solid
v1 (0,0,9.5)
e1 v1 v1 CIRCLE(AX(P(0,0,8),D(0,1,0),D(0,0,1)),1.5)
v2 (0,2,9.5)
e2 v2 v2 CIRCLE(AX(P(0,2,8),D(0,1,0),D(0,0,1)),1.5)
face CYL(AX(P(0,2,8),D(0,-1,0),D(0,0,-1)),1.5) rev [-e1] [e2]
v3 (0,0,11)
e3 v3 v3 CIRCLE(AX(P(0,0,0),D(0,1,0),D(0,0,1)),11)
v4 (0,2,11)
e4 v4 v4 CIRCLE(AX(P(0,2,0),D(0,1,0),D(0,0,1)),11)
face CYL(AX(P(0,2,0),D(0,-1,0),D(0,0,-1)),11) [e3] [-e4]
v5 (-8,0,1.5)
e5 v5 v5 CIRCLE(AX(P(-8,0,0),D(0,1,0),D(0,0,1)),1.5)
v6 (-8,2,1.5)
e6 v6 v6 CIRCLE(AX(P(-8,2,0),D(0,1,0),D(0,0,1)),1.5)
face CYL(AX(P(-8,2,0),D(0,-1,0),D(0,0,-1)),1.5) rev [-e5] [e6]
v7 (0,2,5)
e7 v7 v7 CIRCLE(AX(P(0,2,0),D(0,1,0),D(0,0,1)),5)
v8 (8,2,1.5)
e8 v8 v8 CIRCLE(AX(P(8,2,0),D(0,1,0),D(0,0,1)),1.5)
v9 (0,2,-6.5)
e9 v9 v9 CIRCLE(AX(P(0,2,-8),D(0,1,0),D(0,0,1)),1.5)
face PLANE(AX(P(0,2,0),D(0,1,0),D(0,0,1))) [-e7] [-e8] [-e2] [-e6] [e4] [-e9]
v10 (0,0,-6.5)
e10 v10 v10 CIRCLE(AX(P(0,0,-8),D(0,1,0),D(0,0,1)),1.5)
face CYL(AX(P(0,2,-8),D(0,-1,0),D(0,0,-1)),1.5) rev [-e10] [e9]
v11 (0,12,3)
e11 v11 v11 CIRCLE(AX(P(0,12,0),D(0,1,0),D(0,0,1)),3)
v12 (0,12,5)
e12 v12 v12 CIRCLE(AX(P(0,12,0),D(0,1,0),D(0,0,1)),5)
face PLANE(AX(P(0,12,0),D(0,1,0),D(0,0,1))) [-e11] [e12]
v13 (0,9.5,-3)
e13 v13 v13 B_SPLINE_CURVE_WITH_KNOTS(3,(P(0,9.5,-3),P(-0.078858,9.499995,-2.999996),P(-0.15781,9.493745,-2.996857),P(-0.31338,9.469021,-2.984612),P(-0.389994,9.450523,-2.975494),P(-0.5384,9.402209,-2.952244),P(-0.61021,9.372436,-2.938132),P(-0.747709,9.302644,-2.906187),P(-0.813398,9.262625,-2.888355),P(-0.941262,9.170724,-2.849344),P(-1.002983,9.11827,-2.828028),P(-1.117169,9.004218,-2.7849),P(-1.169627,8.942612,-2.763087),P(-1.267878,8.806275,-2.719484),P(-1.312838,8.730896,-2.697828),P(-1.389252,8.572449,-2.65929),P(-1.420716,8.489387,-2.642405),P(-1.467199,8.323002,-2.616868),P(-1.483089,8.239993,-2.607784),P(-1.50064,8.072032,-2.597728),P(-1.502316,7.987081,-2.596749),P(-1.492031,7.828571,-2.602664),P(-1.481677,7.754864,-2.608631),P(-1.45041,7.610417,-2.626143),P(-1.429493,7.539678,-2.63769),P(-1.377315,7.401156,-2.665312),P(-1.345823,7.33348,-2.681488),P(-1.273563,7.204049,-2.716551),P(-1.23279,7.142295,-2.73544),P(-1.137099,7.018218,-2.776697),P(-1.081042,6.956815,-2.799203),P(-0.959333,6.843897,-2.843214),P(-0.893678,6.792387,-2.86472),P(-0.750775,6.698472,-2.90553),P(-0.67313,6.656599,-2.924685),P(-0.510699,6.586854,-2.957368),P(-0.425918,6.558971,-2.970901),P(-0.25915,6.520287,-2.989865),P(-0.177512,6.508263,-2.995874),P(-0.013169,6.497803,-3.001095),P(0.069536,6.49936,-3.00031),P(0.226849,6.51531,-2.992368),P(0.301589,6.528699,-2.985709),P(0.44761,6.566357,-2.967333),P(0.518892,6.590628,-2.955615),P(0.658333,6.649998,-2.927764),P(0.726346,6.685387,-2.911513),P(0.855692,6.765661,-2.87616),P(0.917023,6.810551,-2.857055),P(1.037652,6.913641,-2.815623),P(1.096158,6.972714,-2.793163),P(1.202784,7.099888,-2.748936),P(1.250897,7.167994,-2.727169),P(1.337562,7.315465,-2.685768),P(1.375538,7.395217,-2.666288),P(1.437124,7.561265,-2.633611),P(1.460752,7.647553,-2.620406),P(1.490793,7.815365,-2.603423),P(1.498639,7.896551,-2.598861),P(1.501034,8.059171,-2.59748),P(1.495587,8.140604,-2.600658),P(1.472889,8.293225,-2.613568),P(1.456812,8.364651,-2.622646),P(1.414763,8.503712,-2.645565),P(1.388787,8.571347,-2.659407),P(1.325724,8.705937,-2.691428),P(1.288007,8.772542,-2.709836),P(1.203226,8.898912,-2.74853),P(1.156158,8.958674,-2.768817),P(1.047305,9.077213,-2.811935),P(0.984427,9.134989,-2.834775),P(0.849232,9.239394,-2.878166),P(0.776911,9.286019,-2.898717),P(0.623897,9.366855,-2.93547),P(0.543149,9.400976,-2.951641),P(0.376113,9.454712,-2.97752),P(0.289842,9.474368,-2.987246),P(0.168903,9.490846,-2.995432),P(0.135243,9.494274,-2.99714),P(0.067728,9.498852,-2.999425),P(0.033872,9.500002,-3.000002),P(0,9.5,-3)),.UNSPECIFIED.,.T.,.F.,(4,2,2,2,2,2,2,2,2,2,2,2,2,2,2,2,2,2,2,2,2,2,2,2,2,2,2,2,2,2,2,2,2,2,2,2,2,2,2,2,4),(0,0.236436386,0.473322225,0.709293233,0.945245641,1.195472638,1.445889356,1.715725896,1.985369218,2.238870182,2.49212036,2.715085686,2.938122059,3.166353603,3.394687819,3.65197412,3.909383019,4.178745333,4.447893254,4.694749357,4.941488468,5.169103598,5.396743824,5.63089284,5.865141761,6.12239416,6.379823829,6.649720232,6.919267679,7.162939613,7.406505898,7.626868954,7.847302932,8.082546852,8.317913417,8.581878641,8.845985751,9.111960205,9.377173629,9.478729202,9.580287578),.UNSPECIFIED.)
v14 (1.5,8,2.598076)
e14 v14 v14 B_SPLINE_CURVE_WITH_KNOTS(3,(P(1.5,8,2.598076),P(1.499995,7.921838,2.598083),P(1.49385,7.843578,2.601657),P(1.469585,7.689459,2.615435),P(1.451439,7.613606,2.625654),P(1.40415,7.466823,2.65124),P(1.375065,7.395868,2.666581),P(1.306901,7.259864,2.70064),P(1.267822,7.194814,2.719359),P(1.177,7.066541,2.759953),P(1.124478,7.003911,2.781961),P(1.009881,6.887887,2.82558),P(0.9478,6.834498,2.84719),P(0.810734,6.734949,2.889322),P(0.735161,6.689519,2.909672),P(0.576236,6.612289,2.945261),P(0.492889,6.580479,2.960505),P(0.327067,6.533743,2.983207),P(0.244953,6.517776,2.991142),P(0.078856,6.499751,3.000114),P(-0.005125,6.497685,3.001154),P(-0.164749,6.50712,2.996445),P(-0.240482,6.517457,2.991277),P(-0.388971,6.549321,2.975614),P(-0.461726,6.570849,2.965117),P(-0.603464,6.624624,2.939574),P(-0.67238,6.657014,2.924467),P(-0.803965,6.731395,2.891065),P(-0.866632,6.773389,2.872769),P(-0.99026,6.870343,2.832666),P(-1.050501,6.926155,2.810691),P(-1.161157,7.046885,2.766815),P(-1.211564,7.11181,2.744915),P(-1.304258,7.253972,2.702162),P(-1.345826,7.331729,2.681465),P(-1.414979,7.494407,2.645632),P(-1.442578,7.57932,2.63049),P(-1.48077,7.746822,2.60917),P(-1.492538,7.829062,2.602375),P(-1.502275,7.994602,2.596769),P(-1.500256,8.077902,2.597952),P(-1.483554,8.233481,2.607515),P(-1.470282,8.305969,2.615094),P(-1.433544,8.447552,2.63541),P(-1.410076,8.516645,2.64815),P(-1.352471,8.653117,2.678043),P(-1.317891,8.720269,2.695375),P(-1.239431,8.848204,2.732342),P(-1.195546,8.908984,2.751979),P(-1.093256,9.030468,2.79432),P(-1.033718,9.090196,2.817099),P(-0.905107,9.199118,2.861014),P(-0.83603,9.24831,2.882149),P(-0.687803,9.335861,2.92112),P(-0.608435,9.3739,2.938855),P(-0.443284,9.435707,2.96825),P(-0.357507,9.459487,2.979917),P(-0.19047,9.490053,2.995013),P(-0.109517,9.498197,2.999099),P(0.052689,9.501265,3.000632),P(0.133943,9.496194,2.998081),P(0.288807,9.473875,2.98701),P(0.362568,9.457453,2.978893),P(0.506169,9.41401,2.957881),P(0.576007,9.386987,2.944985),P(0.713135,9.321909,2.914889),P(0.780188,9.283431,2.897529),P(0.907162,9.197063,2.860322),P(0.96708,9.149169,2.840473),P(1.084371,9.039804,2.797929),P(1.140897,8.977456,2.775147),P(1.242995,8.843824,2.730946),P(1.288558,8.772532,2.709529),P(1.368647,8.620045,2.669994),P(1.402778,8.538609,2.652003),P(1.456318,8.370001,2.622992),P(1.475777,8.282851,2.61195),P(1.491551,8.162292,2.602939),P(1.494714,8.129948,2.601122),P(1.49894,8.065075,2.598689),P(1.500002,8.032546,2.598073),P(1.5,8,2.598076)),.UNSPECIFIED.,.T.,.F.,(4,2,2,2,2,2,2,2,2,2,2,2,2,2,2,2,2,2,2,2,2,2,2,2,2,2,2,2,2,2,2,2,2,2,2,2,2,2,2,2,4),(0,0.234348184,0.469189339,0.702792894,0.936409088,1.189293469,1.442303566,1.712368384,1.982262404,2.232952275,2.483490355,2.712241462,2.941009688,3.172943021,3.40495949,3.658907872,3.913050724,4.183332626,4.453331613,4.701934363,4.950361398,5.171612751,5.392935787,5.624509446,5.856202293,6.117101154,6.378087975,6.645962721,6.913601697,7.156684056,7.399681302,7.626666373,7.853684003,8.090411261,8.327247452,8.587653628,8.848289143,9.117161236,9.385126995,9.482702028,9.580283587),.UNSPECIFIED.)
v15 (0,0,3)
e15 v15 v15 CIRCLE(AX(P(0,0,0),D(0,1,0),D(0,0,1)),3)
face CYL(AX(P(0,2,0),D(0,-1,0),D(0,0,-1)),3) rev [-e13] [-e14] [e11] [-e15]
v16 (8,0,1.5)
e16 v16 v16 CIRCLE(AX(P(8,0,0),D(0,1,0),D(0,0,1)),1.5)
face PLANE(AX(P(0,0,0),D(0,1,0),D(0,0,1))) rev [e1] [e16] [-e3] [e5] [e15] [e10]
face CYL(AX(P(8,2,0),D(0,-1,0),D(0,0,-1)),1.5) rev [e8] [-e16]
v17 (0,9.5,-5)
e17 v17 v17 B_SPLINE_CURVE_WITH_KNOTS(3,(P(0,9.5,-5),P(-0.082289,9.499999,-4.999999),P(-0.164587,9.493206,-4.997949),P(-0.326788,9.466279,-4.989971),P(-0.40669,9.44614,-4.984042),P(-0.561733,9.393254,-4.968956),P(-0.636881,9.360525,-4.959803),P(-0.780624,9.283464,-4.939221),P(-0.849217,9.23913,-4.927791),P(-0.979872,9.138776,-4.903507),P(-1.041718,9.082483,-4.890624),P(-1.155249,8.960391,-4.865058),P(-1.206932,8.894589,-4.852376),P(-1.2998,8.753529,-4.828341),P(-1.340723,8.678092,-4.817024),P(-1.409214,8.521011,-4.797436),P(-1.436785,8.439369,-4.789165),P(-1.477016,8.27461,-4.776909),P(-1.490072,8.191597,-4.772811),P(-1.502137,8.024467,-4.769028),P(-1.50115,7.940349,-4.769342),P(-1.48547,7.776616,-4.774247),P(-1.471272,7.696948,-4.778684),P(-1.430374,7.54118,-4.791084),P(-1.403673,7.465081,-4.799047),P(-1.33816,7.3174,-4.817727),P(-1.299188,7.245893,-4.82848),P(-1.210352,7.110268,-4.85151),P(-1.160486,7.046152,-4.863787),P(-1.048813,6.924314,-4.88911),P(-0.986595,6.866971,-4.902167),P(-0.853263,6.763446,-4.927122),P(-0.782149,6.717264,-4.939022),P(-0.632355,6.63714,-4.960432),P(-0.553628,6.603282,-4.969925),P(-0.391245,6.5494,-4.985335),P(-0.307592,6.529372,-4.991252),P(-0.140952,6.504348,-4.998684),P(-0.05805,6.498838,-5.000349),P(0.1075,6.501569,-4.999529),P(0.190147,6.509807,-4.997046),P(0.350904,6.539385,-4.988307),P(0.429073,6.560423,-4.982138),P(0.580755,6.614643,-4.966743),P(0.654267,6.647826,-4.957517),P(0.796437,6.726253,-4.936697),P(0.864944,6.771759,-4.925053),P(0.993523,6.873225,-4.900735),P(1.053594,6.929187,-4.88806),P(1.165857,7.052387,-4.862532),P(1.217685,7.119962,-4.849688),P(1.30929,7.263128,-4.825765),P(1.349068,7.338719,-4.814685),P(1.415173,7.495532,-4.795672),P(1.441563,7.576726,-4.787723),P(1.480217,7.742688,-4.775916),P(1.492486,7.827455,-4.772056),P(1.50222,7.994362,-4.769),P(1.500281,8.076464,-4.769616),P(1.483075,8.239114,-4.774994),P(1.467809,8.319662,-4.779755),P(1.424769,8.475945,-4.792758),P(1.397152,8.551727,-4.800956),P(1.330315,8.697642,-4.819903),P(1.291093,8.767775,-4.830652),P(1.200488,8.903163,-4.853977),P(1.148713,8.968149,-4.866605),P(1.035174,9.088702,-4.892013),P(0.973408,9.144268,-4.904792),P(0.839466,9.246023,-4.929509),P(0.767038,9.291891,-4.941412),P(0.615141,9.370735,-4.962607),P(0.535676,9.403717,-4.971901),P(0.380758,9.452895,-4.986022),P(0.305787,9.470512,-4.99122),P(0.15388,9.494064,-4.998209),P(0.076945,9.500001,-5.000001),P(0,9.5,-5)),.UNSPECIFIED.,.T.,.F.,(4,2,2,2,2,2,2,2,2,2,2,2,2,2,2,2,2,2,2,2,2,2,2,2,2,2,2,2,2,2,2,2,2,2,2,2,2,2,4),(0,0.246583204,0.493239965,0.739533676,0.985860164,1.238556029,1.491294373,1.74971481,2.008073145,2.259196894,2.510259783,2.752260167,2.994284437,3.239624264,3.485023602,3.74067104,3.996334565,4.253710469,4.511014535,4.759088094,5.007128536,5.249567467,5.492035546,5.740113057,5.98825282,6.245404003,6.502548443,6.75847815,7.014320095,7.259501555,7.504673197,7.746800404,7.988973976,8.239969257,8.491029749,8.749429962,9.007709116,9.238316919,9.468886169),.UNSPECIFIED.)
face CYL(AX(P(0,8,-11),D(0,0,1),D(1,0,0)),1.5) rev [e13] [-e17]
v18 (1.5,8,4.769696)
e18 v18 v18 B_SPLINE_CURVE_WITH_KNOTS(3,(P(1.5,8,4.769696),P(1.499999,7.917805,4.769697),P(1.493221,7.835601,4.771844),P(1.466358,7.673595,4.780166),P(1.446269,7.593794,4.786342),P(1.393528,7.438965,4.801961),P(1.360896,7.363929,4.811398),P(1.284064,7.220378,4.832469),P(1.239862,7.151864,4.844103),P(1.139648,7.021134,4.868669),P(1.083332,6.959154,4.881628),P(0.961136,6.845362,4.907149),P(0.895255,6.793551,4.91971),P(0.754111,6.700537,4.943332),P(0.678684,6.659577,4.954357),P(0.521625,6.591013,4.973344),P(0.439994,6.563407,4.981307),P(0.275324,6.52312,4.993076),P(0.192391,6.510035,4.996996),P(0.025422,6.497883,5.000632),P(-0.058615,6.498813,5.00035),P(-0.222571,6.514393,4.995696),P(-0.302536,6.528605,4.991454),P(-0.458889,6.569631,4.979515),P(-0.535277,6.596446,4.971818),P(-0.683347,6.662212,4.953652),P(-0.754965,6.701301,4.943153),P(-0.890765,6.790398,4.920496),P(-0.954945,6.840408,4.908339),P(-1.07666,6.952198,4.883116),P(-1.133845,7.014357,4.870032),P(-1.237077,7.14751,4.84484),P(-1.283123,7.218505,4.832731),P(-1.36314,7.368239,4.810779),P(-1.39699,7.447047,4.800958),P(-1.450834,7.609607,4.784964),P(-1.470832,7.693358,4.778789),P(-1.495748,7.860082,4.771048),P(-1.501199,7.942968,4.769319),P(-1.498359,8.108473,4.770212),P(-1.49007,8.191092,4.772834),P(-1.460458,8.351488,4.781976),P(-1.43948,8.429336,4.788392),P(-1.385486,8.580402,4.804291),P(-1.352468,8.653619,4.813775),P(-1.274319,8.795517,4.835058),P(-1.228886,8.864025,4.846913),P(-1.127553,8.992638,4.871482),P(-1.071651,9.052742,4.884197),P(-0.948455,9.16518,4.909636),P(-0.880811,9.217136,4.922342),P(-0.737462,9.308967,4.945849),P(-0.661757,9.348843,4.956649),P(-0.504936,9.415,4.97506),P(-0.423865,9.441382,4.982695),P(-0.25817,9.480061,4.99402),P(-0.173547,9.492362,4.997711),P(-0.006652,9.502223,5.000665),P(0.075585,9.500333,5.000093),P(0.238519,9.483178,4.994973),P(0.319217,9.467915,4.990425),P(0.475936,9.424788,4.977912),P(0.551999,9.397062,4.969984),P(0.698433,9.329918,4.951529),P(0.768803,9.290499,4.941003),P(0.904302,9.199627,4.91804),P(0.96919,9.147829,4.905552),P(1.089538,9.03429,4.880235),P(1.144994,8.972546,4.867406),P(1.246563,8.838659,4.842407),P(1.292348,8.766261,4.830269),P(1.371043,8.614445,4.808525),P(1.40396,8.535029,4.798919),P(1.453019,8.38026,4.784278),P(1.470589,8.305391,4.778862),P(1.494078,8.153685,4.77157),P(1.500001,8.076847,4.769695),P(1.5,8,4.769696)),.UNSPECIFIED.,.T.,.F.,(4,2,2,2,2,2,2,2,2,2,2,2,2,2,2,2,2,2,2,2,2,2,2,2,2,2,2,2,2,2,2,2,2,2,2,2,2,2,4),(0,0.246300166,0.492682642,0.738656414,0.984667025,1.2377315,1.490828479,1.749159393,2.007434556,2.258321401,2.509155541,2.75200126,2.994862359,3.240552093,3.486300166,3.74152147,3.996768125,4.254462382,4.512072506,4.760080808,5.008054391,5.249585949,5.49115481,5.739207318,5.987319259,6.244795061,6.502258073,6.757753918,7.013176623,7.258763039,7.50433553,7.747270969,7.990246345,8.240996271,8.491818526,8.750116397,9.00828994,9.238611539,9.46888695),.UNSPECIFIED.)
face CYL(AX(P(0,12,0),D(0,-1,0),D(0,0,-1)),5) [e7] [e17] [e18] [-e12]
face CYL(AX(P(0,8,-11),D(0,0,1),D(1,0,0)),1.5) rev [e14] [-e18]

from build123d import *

# Parameters (mm, degrees)
SKETCH1_R               = 11
SKETCH1_R_2             = 1.5
SKETCH1_R_3             = 3
BOSS_EXTRUDE1_DEPTH     = 2
SKETCH3_R               = 5
SKETCH3_R_2             = 3
BOSS_EXTRUDE3_DEPTH     = 10
CUT_EXTRUDE1_DEPTH      = 20.646882704
CUT_EXTRUDE1_DEPTH_BACK = 20.646882704
SKETCH4_R               = 1.5


with BuildPart() as part:
    # Sketch1 → Boss-Extrude1 (new body)
    with BuildSketch(Plane(origin=(0, 0, 0), x_dir=(1, 0, 0), z_dir=(0, 1, 0))):
        with Locations(Location((0, 0, 0), (0, 0, 270))):
            Circle(SKETCH1_R)
        with Locations(Location((8, 0, 0), (0, 0, 270))):
            Circle(SKETCH1_R_2, mode=Mode.SUBTRACT)
        with Locations(Location((0, -8, 0), (0, 0, 270))):
            Circle(SKETCH1_R_2, mode=Mode.SUBTRACT)
        with Locations(Location((-8, 0, 0), (0, 0, 270))):
            Circle(SKETCH1_R_2, mode=Mode.SUBTRACT)
        with Locations(Location((0, 8, 0), (0, 0, 270))):
            Circle(SKETCH1_R_2, mode=Mode.SUBTRACT)
        with Locations(Location((0, 0, 0), (0, 0, 270))):
            Circle(SKETCH1_R_3, mode=Mode.SUBTRACT)
    extrude(amount=BOSS_EXTRUDE1_DEPTH)

    # Sketch3 → Boss-Extrude3 (add)
    with BuildSketch(Plane(origin=(0, 2, 0), x_dir=(1, 0, 0), z_dir=(0, 1, 0))):
        with Locations(Location((0, 0, 0), (0, 0, 270))):
            Circle(SKETCH3_R)
        with Locations(Location((0, 0, 0), (0, 0, 270))):
            Circle(SKETCH3_R_2, mode=Mode.SUBTRACT)
    extrude(amount=BOSS_EXTRUDE3_DEPTH)

    # Sketch4 → Cut-Extrude1 (cut, two sides: drawn at the far end of the back side and taken through both)
    with BuildSketch(Plane.XY.offset(-CUT_EXTRUDE1_DEPTH_BACK)):
        with Locations((0, 8)):
            Circle(SKETCH4_R)
    extrude(amount=CUT_EXTRUDE1_DEPTH + CUT_EXTRUDE1_DEPTH_BACK, mode=Mode.SUBTRACT)


solid = part.part
